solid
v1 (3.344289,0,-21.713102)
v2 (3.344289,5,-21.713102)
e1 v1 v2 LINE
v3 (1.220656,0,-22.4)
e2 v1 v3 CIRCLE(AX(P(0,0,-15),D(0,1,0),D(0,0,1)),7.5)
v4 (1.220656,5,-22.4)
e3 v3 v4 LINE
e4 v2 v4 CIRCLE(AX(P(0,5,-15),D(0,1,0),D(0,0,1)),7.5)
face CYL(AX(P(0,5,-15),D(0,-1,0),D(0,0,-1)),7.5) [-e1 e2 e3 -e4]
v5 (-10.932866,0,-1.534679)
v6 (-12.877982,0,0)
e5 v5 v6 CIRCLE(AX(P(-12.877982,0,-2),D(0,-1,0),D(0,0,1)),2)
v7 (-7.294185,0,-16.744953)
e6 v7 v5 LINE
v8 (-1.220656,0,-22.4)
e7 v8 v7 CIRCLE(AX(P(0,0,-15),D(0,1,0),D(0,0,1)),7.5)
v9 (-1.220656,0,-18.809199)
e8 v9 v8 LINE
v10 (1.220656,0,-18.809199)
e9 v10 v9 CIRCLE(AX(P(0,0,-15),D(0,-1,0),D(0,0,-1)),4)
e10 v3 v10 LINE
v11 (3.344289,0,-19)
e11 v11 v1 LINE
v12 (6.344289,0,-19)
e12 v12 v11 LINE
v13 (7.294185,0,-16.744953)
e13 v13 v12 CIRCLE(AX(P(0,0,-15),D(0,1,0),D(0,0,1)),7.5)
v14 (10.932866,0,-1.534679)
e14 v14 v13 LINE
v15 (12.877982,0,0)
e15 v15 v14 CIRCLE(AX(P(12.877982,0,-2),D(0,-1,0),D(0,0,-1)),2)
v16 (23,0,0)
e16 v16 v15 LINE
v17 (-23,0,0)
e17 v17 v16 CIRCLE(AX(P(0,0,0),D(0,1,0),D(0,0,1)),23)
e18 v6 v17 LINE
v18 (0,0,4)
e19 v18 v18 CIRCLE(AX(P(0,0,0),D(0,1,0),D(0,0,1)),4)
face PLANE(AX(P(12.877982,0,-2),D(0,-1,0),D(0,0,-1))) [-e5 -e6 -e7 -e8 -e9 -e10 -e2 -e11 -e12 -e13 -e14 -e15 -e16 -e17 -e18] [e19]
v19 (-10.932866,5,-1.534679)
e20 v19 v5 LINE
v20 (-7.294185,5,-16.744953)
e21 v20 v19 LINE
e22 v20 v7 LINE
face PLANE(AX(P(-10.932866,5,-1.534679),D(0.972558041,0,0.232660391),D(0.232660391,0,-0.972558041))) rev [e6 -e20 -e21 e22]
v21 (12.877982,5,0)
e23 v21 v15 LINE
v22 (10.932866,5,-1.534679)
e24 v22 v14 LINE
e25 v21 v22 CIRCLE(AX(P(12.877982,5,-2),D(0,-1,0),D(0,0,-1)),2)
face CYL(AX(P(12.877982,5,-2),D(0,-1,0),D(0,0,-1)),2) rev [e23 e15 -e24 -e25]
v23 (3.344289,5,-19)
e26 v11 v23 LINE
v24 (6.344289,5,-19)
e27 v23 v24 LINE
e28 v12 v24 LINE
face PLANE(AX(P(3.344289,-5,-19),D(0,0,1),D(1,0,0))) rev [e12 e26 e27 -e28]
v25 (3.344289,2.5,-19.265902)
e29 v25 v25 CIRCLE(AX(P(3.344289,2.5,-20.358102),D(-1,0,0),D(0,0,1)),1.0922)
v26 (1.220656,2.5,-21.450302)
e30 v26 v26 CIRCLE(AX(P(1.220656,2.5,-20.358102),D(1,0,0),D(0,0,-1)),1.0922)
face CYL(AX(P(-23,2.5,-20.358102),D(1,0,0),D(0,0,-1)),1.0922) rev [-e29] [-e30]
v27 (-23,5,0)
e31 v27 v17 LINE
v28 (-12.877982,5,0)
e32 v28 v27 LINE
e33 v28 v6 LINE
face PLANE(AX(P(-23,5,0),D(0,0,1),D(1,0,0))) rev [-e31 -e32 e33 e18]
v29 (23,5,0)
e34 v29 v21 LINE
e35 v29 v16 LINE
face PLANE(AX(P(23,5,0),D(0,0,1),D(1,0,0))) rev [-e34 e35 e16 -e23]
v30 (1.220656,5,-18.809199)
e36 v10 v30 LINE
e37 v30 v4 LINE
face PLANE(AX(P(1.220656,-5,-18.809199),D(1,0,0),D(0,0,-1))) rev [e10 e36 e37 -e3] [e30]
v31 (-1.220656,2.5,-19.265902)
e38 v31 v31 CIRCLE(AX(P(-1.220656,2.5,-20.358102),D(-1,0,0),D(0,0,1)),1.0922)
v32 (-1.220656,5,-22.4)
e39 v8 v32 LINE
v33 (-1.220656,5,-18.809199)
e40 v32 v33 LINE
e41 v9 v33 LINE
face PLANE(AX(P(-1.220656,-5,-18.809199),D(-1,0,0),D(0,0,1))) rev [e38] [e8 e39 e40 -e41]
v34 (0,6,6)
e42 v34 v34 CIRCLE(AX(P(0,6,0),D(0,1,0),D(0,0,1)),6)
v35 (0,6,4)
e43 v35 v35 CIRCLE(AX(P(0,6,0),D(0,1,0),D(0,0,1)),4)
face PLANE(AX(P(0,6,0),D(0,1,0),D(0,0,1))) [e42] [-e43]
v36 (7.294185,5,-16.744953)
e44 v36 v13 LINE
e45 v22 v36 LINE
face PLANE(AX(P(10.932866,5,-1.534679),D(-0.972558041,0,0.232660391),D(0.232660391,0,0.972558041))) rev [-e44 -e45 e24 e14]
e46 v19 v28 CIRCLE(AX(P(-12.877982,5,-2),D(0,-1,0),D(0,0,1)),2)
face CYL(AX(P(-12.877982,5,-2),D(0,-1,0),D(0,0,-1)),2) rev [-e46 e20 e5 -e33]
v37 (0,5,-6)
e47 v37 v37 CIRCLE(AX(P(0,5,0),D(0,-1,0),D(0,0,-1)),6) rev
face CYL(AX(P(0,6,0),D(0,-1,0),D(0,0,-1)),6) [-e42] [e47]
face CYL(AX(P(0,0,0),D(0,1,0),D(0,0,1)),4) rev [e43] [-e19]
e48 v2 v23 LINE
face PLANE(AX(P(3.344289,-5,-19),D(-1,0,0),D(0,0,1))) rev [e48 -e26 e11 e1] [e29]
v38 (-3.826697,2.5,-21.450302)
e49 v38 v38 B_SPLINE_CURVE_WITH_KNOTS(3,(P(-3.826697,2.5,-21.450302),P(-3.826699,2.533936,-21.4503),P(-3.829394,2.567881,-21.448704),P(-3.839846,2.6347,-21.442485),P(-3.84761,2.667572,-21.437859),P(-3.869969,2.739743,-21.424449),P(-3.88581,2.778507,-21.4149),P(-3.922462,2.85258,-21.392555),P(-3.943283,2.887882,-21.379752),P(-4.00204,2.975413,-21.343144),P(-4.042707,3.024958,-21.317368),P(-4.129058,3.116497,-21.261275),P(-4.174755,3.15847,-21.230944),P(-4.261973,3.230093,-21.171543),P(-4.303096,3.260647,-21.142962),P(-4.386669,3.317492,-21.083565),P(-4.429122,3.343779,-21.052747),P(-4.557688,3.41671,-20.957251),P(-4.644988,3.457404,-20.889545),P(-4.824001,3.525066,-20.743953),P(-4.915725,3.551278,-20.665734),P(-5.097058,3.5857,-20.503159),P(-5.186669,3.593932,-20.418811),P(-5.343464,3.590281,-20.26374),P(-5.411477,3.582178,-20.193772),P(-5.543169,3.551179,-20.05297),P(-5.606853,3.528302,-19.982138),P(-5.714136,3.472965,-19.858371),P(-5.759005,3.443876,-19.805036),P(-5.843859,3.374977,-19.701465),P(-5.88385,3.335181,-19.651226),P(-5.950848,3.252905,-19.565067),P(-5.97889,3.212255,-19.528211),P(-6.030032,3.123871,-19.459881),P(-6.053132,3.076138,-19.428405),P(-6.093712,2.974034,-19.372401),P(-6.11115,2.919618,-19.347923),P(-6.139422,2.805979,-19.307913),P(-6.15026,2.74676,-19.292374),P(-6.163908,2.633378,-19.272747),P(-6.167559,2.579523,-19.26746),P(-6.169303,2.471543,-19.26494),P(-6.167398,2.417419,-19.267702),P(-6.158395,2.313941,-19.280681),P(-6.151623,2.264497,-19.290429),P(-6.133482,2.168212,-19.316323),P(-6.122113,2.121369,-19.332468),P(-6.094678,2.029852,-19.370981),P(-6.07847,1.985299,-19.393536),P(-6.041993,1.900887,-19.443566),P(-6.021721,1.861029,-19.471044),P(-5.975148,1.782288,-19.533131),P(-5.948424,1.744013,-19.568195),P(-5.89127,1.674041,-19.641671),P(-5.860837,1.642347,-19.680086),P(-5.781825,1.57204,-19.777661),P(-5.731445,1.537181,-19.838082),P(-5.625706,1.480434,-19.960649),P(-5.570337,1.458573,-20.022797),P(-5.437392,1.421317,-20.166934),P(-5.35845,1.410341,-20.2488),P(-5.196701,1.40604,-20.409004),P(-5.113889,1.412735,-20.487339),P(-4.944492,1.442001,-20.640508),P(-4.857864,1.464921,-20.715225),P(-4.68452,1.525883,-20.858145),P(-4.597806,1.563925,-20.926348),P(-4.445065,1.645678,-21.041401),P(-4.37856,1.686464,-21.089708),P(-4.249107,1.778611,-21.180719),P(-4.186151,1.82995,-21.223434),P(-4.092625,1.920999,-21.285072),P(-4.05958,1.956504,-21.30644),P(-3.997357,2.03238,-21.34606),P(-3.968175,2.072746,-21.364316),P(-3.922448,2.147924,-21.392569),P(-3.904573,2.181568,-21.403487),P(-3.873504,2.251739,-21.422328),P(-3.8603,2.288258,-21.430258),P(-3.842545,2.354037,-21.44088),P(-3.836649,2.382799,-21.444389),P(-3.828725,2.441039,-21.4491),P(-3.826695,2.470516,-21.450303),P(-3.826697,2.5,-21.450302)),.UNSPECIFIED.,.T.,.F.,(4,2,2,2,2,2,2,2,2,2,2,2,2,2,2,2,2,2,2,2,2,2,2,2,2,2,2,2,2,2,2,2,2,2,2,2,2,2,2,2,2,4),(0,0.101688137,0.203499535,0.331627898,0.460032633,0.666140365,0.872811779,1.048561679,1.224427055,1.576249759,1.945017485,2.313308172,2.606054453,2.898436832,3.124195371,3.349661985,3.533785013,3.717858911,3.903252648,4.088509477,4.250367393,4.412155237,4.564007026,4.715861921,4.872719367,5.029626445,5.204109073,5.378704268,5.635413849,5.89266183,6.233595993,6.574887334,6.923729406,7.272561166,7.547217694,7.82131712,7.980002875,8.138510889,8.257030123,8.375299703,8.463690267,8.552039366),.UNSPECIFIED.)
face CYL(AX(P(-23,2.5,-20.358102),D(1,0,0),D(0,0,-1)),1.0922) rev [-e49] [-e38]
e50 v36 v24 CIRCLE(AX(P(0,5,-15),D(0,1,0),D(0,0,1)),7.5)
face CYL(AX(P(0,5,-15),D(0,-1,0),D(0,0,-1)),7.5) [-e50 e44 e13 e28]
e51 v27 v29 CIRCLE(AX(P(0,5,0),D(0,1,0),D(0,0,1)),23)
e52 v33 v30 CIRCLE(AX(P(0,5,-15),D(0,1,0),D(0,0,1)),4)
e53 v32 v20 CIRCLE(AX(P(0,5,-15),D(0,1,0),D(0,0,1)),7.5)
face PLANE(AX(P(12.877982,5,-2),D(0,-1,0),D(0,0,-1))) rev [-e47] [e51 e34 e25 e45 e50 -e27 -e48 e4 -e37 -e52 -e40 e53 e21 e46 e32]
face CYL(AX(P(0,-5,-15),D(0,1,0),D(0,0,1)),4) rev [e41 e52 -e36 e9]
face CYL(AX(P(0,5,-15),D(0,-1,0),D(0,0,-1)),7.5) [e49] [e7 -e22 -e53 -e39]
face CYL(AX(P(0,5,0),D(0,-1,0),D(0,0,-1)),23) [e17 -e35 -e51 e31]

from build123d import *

# Parameters (mm, degrees)
BOSS_EXTRUDE1_DEPTH     = 5
SKETCH2_R               = 6
BOSS_EXTRUDE2_DEPTH     = 1
SKETCH3_R               = 4
CUT_EXTRUDE1_DEPTH      = 34.075670817
CUT_EXTRUDE2_START      = -10
CUT_EXTRUDE2_DEPTH      = 10
CUT_EXTRUDE3_START      = -10
CUT_EXTRUDE3_DEPTH      = 10
CUT_EXTRUDE4_DEPTH      = 34.075670817
CUT_EXTRUDE4_DEPTH_BACK = 34.075670817
SKETCH7_R               = 1.0922


with BuildPart() as part:
    # Sketch1 → Boss-Extrude1 (new body)
    with BuildSketch(Plane(origin=(0, 0, 0), x_dir=(1, 0, 0), z_dir=(0, 1, 0))):
        with BuildLine():
            Line((-23, 0), (-12.87798214, 0))
            ThreePointArc((-12.87798214, 0), (-11.639160434, 0.429865999), (-10.932866059, 1.534679219))
            Line((-10.932866059, 1.534679219), (-7.294185306, 16.74495293))
            ThreePointArc((-7.294185306, 16.74495293), (0, 22.5), (7.294185306, 16.74495293))
            Line((7.294185306, 16.74495293), (10.932866059, 1.534679219))
            ThreePointArc((10.932866059, 1.534679219), (11.639160434, 0.429865999), (12.87798214, 0))
            Line((12.87798214, 0), (23, 0))
            ThreePointArc((23, 0), (0, -23), (-23, 0))
        make_face()
    extrude(amount=BOSS_EXTRUDE1_DEPTH)

    # Sketch2 → Boss-Extrude2 (add)
    with BuildSketch(Plane(origin=(0, 5, 0), x_dir=(1, 0, 0), z_dir=(0, 1, 0))):
        with Locations(Location((0, 0, 0), (0, 0, 90))):
            Circle(SKETCH2_R)
    extrude(amount=BOSS_EXTRUDE2_DEPTH)

    # Sketch3 → Cut-Extrude1 (cut, through all)
    with BuildSketch(Plane(origin=(0, 6, 0), x_dir=(1, 0, 0), z_dir=(0, 1, 0))):
        with Locations(Location((0, 0, 0), (0, 0, 270))):
            Circle(SKETCH3_R)
    extrude(amount=-CUT_EXTRUDE1_DEPTH, mode=Mode.SUBTRACT)

    # Sketch4 → Cut-Extrude2 (cut)
    with BuildSketch(Plane(origin=(0, 5, 0), x_dir=(1, 0, 0), z_dir=(0, 1, 0)).offset(CUT_EXTRUDE2_START)):
        with BuildLine():
            Line((-1.220655562, 18.809199391), (-1.220655562, 22.4))
            ThreePointArc((-1.220655562, 22.4), (0, 22.5), (1.220655562, 22.4))
            Line((1.220655562, 22.4), (1.220655562, 18.809199391))
            ThreePointArc((1.220655562, 18.809199391), (0, 11), (-1.220655562, 18.809199391))
        make_face()
    extrude(amount=CUT_EXTRUDE2_DEPTH, mode=Mode.SUBTRACT)

    # Sketch5 → Cut-Extrude3 (cut)
    with BuildSketch(Plane(origin=(0, 5, 0), x_dir=(1, 0, 0), z_dir=(0, 1, 0)).offset(CUT_EXTRUDE3_START)):
        with BuildLine():
            Line((3.34428877, 19), (6.34428877, 19))
            ThreePointArc((6.34428877, 19), (5.030642475, 20.562610564), (3.34428877, 21.713101565))
            Line((3.34428877, 21.713101565), (3.34428877, 19))
        make_face()
    extrude(amount=CUT_EXTRUDE3_DEPTH, mode=Mode.SUBTRACT)

    # Sketch7 → Cut-Extrude4 (cut, two sides: drawn at the far end of the back side and taken through both)
    with BuildSketch(Plane(origin=(0, 0, 0), x_dir=(0, 0, -1), z_dir=(1, 0, 0)).offset(-CUT_EXTRUDE4_DEPTH_BACK)):
        with Locations((20.358101565, 2.5)):
            Circle(SKETCH7_R)
    extrude(amount=CUT_EXTRUDE4_DEPTH + CUT_EXTRUDE4_DEPTH_BACK, mode=Mode.SUBTRACT)


solid = part.part
